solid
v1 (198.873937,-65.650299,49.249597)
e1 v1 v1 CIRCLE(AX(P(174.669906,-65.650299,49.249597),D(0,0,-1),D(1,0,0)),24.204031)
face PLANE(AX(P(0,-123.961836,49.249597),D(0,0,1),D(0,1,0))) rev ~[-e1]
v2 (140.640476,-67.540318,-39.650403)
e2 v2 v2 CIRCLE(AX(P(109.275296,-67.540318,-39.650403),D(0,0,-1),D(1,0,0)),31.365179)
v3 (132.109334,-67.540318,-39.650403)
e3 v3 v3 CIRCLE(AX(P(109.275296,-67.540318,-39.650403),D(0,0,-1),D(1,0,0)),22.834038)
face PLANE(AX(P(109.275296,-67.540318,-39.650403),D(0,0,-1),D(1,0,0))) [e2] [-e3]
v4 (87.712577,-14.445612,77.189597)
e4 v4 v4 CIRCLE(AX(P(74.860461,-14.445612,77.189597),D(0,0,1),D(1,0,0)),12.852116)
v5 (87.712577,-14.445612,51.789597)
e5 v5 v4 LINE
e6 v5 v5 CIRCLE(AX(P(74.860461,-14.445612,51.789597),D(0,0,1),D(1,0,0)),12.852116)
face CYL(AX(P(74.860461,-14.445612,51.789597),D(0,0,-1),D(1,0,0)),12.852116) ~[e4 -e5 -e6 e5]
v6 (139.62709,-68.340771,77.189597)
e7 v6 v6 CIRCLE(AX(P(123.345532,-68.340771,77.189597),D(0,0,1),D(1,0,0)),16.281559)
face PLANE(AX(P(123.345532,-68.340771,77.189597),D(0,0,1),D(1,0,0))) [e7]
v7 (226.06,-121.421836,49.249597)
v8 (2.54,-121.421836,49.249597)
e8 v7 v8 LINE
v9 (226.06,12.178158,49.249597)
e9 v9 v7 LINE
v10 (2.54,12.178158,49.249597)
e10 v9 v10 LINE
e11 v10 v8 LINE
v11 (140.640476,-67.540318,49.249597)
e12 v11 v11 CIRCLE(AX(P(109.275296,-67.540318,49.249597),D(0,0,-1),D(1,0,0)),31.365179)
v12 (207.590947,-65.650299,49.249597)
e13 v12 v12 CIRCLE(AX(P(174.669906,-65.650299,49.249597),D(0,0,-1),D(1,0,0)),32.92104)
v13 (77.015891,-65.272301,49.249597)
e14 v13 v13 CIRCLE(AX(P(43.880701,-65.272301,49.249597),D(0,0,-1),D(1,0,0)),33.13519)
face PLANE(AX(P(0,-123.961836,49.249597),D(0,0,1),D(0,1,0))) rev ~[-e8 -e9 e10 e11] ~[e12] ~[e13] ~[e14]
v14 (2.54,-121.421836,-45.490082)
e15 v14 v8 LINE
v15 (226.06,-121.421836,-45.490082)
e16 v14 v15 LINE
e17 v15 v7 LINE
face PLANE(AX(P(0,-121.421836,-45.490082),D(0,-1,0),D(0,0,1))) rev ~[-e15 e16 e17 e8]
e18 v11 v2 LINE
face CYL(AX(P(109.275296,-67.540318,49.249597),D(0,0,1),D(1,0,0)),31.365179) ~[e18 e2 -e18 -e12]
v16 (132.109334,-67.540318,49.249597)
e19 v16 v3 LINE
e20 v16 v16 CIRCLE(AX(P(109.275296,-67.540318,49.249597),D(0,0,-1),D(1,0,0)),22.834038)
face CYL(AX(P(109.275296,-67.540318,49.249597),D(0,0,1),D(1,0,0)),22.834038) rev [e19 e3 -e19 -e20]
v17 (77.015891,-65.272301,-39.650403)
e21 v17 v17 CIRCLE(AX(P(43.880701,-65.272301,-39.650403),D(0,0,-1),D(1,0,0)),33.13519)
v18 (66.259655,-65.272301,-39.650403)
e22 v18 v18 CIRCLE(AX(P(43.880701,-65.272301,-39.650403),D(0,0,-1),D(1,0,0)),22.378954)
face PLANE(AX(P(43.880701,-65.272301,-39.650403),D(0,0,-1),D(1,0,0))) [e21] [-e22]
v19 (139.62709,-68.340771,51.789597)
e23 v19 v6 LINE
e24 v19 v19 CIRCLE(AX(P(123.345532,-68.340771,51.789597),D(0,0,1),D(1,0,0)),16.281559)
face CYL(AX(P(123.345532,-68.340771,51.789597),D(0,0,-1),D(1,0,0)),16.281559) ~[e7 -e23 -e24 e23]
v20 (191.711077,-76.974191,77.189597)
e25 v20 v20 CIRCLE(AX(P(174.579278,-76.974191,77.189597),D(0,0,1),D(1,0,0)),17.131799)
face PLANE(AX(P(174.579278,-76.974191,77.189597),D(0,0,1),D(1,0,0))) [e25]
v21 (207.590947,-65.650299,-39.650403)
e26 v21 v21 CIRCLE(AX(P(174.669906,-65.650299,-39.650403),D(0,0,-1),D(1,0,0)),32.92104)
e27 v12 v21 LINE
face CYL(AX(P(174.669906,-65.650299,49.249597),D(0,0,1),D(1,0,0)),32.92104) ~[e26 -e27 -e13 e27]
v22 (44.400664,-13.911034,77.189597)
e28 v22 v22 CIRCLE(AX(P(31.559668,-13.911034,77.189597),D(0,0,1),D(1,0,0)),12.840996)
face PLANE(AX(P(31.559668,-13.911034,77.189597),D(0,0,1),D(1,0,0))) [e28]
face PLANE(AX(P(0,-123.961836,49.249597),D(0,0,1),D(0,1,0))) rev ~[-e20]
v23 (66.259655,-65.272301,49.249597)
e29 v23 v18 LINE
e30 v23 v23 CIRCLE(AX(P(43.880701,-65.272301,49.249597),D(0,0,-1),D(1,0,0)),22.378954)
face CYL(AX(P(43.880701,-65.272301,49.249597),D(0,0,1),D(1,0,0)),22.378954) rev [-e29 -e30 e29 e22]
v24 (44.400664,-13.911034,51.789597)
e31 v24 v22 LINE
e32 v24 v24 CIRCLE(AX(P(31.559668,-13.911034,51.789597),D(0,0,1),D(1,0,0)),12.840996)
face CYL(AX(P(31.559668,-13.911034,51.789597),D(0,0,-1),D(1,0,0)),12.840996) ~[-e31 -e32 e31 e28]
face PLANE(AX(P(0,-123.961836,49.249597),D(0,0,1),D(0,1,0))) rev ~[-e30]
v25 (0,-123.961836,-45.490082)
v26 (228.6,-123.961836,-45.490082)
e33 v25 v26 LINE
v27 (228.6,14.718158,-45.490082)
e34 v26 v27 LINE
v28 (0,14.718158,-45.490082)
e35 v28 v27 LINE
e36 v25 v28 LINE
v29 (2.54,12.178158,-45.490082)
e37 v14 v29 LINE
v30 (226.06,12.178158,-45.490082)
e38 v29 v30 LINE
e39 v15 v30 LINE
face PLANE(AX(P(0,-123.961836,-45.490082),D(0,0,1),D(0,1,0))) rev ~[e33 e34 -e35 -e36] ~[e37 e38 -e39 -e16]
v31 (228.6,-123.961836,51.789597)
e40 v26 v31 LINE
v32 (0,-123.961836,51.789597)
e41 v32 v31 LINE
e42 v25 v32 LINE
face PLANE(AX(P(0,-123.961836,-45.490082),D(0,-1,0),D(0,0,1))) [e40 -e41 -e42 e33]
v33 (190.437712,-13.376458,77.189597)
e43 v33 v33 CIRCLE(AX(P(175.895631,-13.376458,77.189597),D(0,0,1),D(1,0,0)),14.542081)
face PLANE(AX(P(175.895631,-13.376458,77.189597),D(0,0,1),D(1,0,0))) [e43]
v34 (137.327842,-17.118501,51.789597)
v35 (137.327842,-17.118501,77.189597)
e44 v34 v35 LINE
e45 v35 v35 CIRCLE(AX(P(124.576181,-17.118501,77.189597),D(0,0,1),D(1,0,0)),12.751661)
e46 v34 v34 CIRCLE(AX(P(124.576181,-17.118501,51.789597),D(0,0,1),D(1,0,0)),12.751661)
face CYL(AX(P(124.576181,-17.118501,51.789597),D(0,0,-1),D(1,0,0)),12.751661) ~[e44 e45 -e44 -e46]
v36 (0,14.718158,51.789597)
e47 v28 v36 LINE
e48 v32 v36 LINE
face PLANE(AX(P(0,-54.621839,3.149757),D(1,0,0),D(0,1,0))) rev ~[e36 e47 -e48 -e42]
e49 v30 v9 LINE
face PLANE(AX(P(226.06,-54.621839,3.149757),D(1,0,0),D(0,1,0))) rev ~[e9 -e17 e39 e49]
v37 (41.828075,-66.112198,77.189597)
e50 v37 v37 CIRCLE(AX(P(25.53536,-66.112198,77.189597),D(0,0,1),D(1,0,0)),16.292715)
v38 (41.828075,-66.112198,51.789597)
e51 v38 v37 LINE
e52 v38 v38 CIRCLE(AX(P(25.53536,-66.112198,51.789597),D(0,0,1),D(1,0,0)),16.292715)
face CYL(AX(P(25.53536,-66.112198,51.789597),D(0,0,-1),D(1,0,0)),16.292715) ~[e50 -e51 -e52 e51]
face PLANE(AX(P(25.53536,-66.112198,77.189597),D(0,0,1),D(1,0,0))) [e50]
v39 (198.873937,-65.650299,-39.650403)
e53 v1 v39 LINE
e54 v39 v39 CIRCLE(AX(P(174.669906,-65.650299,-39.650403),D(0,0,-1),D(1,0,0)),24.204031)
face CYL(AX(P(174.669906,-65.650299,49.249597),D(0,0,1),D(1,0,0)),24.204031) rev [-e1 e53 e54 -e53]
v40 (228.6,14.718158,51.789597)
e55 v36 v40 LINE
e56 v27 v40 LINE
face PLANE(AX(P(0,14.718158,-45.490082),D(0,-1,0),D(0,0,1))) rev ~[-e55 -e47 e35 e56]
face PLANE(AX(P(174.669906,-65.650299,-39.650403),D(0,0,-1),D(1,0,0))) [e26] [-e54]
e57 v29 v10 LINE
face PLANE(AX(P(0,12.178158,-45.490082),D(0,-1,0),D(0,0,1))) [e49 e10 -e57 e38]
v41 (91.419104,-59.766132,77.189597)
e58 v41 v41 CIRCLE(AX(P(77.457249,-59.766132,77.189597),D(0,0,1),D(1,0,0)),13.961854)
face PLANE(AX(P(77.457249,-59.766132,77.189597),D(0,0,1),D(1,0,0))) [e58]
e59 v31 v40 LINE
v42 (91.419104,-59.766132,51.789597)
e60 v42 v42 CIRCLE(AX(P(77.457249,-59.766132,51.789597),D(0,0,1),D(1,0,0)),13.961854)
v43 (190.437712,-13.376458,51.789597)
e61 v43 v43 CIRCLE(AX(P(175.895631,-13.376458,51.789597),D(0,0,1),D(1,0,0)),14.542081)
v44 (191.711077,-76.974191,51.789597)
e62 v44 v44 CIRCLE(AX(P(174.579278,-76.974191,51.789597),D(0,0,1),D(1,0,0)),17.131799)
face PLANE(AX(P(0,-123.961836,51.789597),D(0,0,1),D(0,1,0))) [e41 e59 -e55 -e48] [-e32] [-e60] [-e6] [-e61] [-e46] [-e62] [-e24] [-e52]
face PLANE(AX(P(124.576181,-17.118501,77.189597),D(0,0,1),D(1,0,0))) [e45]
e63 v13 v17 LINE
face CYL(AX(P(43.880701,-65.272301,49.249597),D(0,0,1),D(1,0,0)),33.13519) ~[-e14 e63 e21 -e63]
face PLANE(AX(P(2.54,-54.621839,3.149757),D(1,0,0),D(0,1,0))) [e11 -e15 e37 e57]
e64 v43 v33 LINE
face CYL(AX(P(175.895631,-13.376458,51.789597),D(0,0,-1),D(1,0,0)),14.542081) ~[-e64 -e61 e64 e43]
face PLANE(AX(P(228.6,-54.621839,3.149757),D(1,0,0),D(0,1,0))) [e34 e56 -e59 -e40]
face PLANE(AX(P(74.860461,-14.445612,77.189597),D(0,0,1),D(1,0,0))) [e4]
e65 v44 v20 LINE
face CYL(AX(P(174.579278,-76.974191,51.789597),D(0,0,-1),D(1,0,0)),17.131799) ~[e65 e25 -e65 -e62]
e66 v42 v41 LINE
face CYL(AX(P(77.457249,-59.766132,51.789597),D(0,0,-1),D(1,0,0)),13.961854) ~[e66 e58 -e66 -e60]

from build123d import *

# Parameters (mm, degrees)
F0_W      = 138.6799942702
F0_H      = 97.2796790302
F1_DEPTH  = 228.6
F2_T      = -2.54
F3_R      = 33.1351902141
F3_R_2    = 22.3789539676
F4_DEPTH  = 88.9
F5_R      = 31.365179226
F5_R_2    = 22.8340375073
F6_DEPTH  = 88.9
F7_R      = 32.921040163
F7_R_2    = 24.2040309483
F8_DEPTH  = 88.9
F9_R      = 12.840995734
F9_R_2    = 12.8521164222
F9_R_3    = 12.7516607916
F9_R_4    = 14.5420806557
F9_R_5    = 17.1317992696
F9_R_6    = 16.2815585051
F9_R_7    = 13.9618543487
F9_R_8    = 16.2927152835
F10_DEPTH = 25.4


with BuildPart() as f1:
    # F0 (on Right) → F1 (new body)
    with BuildSketch(Plane.YZ):
        with Locations((-54.6218389645, 3.1497571617)):
            Rectangle(F0_W, F0_H)
    extrude(amount=F1_DEPTH)

    # F2
    f2_openings = [f1.faces().sort_by_distance(p)[0] for p in [
        (114.3, -54.621839, -45.490082),
    ]]
    offset(amount=F2_T, openings=f2_openings)

    # F3 (on face) → F4 (join)
    with BuildSketch(Plane(origin=(0, 0, 49.2495966768), x_dir=(1, 0, 0), z_dir=(0, 0, -1))):
        with Locations((43.8807010651, 65.2723014355)):
            Circle(F3_R)
        with Locations((43.8807010651, 65.2723014355)):
            Circle(F3_R_2, mode=Mode.SUBTRACT)
    extrude(amount=F4_DEPTH)

    # F5 (on face) → F6 (join)
    with BuildSketch(Plane(origin=(0, 0, 49.2495966768), x_dir=(1, 0, 0), z_dir=(0, 0, -1))):
        with Locations((109.2752963305, 67.5403177738)):
            Circle(F5_R)
        with Locations((109.2752963305, 67.5403177738)):
            Circle(F5_R_2, mode=Mode.SUBTRACT)
    extrude(amount=F6_DEPTH)

    # F7 (on face) → F8 (join)
    with BuildSketch(Plane(origin=(0, 0, 49.2495966768), x_dir=(1, 0, 0), z_dir=(0, 0, -1))):
        with Locations((174.669906497, 65.6502991915)):
            Circle(F7_R)
        with Locations((174.669906497, 65.6502991915)):
            Circle(F7_R_2, mode=Mode.SUBTRACT)
    extrude(amount=F8_DEPTH)

    # F9 (on face) → F10 (join)
    with BuildSketch(Plane.XY.offset(51.7895966768)):
        with Locations((31.5596684813, -13.9110339805)):
            Circle(F9_R)
        with Locations((74.8604610562, -14.4456122071)):
            Circle(F9_R_2)
        with Locations((124.5761811733, -17.1185005456)):
            Circle(F9_R_3)
        with Locations((175.8956313133, -13.3764576167)):
            Circle(F9_R_4)
        with Locations((174.5792776346, -76.9741907716)):
            Circle(F9_R_5)
        with Locations((123.3455315232, -68.3407709002)):
            Circle(F9_R_6)
        with Locations((77.4572491646, -59.7661323845)):
            Circle(F9_R_7)
        with Locations((25.5353599787, -66.1121979356)):
            Circle(F9_R_8)
    extrude(amount=F10_DEPTH)


solid = f1.part
